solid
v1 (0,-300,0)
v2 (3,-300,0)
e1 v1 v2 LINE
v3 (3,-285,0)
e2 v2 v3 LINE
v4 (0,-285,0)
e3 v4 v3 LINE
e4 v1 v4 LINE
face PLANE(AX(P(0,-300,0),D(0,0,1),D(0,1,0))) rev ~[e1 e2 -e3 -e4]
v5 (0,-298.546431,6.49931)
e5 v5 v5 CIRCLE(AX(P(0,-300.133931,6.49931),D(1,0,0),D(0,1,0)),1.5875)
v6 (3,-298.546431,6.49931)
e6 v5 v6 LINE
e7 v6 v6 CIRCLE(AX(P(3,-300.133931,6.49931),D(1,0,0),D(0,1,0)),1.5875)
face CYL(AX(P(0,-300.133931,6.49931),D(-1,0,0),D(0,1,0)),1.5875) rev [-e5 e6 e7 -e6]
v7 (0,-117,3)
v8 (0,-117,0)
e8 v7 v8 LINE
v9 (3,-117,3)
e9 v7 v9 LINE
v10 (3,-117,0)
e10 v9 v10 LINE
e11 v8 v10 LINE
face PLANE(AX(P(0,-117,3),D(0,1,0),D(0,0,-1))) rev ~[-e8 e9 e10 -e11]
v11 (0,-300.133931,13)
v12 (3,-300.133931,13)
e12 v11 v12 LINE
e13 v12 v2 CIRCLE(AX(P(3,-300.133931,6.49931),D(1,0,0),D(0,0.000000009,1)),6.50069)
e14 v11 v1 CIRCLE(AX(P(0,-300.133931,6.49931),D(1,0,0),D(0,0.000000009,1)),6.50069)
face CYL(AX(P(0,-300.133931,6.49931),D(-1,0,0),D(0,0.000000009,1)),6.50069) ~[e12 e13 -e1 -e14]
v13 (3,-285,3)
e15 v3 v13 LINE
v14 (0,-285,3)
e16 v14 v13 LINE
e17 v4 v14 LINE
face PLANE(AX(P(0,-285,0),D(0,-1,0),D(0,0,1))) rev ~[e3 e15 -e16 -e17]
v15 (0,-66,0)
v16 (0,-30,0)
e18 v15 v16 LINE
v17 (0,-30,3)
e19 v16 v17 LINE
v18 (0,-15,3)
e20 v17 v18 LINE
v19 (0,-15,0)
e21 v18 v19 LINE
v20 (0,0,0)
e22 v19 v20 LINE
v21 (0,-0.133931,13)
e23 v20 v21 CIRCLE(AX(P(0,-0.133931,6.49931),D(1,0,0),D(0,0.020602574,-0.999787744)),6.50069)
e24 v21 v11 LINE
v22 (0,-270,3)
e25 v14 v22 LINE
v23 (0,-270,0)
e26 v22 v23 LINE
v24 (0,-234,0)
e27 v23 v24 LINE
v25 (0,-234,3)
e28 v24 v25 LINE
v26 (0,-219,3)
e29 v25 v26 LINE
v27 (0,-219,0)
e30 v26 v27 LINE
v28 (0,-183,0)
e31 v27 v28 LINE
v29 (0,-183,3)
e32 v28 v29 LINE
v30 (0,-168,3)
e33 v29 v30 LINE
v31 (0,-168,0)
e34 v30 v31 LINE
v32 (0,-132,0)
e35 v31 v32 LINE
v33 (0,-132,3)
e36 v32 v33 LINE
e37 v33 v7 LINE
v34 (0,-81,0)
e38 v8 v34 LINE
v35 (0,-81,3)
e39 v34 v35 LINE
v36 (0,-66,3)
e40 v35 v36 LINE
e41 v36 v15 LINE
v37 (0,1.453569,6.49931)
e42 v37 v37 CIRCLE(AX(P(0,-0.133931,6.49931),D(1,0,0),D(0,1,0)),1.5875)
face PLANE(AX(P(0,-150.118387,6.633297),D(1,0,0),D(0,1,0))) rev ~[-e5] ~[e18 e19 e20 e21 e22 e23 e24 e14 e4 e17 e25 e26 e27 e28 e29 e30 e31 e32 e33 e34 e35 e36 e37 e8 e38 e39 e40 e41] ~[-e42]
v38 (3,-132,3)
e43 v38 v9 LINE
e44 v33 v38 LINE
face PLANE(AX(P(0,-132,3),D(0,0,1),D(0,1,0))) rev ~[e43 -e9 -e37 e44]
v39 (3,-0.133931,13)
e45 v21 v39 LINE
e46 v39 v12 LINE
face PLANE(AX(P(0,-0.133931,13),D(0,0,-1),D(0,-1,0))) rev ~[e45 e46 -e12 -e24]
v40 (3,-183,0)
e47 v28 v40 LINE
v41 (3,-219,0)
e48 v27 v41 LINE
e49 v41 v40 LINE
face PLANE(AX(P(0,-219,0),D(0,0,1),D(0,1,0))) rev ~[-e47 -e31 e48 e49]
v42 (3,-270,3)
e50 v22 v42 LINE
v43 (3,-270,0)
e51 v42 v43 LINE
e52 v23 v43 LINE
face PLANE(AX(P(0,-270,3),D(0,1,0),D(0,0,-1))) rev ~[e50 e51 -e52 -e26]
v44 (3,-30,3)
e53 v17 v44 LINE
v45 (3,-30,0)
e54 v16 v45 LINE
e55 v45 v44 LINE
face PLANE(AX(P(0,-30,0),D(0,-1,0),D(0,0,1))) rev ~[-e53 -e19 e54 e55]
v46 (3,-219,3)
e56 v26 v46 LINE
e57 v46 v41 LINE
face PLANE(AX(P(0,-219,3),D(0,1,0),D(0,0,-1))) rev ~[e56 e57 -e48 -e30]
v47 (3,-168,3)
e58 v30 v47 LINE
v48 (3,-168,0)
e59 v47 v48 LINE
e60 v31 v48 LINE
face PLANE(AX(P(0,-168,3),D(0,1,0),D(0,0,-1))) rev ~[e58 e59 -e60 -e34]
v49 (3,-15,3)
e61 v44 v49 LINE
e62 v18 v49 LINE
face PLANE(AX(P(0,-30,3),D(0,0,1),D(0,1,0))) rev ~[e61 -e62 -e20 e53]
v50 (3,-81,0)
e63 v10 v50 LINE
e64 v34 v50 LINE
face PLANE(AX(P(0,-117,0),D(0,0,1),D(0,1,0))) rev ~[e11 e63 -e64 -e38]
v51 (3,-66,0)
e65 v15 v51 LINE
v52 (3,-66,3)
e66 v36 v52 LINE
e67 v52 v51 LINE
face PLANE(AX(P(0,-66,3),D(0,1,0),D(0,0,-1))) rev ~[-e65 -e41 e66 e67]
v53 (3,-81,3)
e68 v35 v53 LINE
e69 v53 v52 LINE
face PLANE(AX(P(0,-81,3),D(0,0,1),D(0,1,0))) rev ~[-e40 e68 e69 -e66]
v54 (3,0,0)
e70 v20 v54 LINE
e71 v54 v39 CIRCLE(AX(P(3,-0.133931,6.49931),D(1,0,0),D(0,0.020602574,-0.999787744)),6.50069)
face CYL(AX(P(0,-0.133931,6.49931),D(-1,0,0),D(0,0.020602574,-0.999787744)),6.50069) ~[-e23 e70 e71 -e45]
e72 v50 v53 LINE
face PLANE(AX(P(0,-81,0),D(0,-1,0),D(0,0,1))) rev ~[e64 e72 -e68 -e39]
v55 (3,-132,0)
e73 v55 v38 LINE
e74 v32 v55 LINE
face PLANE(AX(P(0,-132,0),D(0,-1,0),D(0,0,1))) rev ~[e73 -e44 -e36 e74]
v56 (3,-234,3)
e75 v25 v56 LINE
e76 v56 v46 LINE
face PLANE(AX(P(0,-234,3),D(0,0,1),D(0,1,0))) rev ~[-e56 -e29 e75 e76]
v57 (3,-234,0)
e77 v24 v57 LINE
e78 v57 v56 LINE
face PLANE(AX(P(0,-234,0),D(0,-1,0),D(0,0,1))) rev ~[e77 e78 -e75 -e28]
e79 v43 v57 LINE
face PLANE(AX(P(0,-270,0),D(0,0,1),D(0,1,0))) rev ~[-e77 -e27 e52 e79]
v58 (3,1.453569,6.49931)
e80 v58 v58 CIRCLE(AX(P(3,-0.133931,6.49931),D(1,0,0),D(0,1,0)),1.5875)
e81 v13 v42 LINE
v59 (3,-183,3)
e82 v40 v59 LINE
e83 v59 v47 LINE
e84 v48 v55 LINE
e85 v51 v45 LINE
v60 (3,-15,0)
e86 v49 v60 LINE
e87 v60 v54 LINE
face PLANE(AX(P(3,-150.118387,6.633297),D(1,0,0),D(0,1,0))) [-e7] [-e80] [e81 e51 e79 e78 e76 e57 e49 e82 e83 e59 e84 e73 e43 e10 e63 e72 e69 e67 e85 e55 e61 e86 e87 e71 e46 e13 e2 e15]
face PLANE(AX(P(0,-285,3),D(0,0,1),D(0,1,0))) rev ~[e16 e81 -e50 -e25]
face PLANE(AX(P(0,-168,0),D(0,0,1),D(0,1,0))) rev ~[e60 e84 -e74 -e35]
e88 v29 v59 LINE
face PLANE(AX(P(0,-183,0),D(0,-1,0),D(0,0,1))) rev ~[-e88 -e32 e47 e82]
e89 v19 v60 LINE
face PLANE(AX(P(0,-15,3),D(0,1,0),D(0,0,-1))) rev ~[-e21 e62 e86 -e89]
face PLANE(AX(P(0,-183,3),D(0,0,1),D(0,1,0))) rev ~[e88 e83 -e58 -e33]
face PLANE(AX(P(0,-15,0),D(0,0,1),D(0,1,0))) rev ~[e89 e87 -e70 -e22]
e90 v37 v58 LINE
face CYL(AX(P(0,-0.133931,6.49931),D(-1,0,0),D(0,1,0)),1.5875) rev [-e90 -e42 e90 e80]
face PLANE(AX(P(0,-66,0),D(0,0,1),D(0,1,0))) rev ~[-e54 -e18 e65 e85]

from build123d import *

# Parameters (mm, degrees)
F0_R     = 1.5875
F1_DEPTH = 3


with BuildPart() as f1:
    # F0 (on Right) → F1 (new body)
    with BuildSketch(Plane.YZ):
        with BuildLine():
            ThreePointArc((0, 0), (6.366414, 6.566279), (-0.133931, 13))
            Line((-0.133931, 13), (-300.133931, 13))
            ThreePointArc((-300.133931, 13), (-306.634276, 6.432341), (-300, 0))
            Line((-300, 0), (-285, 0))
            Line((-285, 0), (-285, 3))
            Line((-285, 3), (-270, 3))
            Line((-270, 3), (-270, 0))
            Line((-270, 0), (-234, 0))
            Line((-234, 0), (-234, 3))
            Line((-234, 3), (-219, 3))
            Line((-219, 3), (-219, 0))
            Line((-219, 0), (-183, 0))
            Line((-183, 0), (-183, 3))
            Line((-183, 3), (-168, 3))
            Line((-168, 3), (-168, 0))
            Line((-168, 0), (-132, 0))
            Line((-132, 0), (-132, 3))
            Line((-132, 3), (-117, 3))
            Line((-117, 3), (-117, 0))
            Line((-117, 0), (-81, 0))
            Line((-81, 0), (-81, 3))
            Line((-81, 3), (-66, 3))
            Line((-66, 3), (-66, 0))
            Line((-66, 0), (-30, 0))
            Line((-30, 0), (-30, 3))
            Line((-30, 3), (-15, 3))
            Line((-15, 3), (-15, 0))
            Line((-15, 0), (0, 0))
        make_face()
        with Locations((-300.133931, 6.49931)):
            Circle(F0_R, mode=Mode.SUBTRACT)
        with Locations((-0.133931, 6.49931)):
            Circle(F0_R, mode=Mode.SUBTRACT)
    extrude(amount=F1_DEPTH)


solid = f1.part
